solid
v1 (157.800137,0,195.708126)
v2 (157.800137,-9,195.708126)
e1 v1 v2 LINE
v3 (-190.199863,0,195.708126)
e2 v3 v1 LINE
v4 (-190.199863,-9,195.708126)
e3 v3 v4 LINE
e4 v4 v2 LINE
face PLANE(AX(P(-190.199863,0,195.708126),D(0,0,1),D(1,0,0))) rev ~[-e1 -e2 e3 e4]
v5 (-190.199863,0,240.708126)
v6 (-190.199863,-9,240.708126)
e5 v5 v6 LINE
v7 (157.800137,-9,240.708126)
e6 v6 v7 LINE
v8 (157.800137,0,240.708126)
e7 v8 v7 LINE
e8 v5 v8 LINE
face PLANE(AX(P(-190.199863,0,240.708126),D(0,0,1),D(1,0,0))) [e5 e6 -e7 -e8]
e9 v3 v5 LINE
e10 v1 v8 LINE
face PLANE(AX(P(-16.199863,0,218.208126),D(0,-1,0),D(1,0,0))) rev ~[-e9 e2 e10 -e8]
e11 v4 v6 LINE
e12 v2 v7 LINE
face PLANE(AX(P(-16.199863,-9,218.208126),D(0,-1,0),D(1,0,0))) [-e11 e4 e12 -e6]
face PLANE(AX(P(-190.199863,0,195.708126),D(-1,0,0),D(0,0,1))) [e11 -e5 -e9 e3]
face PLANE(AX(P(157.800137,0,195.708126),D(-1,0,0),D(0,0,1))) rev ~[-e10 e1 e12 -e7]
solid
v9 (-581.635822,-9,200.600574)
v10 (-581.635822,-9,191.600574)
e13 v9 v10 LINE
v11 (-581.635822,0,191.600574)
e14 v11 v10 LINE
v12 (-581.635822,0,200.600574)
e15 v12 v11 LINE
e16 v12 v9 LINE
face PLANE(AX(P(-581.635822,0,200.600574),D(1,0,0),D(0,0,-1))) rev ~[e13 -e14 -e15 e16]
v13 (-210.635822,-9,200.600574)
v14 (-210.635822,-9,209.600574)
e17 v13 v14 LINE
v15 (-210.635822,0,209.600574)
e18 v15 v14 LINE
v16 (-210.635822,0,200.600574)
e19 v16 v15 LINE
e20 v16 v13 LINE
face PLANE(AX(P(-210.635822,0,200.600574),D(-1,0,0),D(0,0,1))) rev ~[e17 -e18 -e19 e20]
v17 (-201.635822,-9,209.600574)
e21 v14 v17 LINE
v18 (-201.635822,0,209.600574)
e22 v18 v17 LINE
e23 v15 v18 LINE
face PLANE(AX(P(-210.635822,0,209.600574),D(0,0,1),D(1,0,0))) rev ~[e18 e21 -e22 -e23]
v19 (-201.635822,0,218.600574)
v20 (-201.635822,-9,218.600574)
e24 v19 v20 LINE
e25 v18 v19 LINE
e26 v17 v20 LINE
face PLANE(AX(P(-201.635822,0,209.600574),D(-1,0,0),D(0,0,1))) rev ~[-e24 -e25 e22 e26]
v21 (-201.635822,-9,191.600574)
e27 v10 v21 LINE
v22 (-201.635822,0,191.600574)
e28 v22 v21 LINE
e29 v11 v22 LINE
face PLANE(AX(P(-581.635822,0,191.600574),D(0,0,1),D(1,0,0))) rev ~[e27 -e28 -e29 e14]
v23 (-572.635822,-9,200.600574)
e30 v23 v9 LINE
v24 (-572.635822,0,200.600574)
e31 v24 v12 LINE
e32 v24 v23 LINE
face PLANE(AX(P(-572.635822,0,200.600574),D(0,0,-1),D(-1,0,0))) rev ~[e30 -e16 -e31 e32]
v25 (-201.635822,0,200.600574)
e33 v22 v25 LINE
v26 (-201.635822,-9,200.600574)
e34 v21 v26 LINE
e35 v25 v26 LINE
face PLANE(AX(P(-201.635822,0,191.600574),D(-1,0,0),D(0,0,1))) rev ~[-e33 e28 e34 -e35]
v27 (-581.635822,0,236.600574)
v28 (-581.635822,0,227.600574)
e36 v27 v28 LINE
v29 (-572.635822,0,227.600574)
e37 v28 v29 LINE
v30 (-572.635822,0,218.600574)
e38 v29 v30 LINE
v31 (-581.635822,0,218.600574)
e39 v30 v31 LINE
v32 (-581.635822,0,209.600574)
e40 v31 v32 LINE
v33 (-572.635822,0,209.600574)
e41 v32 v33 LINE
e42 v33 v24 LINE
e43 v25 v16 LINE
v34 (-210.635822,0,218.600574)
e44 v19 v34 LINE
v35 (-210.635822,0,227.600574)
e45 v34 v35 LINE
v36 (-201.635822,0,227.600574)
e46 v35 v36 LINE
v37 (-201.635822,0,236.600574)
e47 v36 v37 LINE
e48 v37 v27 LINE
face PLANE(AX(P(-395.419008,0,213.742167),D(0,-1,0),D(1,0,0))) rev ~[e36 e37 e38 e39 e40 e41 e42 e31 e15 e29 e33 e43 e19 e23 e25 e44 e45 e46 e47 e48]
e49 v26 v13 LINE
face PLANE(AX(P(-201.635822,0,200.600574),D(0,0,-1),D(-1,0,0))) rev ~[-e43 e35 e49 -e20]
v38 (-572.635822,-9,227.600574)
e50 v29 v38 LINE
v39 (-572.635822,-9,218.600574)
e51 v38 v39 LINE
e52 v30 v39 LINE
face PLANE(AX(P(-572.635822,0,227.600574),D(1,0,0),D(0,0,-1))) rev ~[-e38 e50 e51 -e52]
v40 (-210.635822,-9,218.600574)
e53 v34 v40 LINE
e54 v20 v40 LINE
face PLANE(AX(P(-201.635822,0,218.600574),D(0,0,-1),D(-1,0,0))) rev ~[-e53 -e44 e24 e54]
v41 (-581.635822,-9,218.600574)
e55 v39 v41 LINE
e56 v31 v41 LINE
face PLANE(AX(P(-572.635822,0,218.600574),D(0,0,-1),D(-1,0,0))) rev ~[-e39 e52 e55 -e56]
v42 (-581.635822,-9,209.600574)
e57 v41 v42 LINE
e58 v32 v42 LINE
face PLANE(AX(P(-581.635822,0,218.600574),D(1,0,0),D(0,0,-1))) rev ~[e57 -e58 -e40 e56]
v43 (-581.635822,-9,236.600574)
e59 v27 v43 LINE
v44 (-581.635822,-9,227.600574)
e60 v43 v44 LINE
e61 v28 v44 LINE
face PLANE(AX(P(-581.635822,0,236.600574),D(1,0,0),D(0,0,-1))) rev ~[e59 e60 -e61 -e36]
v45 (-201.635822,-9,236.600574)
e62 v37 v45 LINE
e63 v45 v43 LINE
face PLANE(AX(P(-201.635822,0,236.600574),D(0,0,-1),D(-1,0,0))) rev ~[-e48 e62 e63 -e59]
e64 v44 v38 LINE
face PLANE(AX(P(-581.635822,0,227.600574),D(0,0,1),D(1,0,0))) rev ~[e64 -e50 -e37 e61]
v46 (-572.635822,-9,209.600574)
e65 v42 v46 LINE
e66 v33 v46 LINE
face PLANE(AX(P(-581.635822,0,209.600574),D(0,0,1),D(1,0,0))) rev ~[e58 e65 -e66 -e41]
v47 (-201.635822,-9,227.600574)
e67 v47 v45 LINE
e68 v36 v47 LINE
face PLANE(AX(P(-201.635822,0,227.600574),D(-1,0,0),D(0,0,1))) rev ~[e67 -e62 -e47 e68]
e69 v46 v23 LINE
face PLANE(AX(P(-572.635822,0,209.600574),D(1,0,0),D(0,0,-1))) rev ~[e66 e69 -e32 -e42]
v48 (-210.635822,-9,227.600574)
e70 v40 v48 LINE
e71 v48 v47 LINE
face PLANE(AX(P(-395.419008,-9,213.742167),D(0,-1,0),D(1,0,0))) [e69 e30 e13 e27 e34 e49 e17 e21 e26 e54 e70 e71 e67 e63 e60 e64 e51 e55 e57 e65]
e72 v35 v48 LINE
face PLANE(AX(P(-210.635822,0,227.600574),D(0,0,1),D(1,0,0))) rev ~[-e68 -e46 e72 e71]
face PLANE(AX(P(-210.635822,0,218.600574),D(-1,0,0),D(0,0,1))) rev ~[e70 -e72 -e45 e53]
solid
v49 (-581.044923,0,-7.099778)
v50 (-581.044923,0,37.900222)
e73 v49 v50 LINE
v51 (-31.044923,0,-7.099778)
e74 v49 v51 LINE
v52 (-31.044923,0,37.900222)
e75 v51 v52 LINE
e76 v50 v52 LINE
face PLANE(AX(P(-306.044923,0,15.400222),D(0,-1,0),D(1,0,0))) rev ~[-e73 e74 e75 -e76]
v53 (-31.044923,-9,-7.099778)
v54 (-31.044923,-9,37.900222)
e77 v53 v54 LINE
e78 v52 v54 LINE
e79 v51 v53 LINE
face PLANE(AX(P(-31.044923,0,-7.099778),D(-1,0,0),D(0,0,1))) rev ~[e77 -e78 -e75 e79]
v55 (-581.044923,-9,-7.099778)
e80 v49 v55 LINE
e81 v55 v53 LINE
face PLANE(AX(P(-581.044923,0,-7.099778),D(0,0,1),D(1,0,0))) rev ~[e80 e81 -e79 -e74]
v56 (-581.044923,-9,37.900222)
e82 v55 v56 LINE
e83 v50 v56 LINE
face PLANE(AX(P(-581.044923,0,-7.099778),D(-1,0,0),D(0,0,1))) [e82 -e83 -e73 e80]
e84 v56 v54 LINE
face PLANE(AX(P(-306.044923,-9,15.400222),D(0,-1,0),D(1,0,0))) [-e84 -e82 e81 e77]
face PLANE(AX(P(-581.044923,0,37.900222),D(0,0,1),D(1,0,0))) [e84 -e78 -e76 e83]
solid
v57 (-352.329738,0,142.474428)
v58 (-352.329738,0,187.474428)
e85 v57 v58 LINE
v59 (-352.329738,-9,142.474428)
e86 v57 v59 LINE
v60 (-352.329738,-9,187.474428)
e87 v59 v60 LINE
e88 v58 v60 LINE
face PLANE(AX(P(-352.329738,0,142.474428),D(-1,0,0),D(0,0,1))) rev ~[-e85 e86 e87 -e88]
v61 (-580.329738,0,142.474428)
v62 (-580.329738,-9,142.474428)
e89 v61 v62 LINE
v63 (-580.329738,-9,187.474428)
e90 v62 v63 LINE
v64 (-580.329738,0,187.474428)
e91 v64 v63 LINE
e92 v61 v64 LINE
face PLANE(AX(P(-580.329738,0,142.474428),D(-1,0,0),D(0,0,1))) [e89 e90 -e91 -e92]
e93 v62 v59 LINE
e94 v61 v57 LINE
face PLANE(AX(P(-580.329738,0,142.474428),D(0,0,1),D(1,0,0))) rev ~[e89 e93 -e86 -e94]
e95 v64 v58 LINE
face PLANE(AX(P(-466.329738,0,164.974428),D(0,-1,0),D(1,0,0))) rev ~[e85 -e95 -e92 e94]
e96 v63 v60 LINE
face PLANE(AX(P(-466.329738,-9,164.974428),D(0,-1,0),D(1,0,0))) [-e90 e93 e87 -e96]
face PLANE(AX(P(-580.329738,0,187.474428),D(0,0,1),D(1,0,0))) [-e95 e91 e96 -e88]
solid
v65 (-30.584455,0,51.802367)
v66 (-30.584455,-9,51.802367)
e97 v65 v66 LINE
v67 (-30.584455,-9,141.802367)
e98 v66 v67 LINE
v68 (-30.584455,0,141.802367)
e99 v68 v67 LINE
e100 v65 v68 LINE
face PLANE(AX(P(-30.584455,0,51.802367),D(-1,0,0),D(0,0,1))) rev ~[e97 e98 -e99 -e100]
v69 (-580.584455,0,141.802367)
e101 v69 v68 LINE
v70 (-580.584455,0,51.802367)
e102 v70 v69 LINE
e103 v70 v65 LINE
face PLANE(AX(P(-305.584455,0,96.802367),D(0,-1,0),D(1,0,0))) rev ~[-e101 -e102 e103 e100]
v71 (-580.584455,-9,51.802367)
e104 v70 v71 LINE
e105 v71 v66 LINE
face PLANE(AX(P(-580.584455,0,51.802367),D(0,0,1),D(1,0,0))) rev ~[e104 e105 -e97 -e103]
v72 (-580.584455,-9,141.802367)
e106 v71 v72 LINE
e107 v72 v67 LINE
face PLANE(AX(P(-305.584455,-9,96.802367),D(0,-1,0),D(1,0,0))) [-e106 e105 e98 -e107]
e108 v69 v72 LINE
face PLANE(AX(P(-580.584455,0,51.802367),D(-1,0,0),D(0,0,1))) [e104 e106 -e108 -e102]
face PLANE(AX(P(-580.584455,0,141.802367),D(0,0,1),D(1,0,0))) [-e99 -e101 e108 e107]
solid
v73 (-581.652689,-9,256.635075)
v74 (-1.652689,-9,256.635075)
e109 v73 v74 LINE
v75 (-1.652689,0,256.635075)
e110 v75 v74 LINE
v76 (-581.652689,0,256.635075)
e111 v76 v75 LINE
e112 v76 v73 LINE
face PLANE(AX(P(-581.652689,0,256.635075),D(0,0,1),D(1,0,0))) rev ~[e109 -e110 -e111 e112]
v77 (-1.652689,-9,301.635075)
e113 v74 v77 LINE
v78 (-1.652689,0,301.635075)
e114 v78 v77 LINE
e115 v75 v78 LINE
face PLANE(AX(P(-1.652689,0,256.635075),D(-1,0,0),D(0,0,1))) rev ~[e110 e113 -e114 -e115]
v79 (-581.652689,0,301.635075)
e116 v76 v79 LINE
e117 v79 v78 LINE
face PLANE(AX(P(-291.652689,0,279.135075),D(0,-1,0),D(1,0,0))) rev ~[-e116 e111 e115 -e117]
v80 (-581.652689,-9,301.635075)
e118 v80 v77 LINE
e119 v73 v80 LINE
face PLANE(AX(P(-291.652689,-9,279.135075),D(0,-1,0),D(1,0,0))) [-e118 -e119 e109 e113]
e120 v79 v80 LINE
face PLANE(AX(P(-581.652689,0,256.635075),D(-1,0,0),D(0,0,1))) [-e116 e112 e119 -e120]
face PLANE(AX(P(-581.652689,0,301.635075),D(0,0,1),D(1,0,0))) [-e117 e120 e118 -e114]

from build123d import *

# Parameters (mm, degrees)
F0_W      = 580
F0_H      = 45
F1_DEPTH  = 9
F2_W      = 9
F2_H      = 9
F3_DEPTH  = 9
F4_W      = 348
F4_H      = 45
F5_DEPTH  = 9
F6_W      = 228
F6_H      = 45
F7_DEPTH  = 9
F8_W      = 550
F8_H      = 90
F9_DEPTH  = 9
F10_W     = 550
F10_H     = 45
F11_DEPTH = 9


with BuildPart() as f1:
    # F0 (on Front) → F1 (new body)
    with BuildSketch(Plane.XZ):
        with Locations((-291.652689, 279.135075)):
            Rectangle(F0_W, F0_H)
    extrude(amount=F1_DEPTH)


with BuildPart() as f3:
    # F2 (on Front) → F3 (new body)
    with BuildSketch(Plane.XZ):
        Polygon((-572.635822, 236.600574), (-581.635822, 236.600574), (-581.635822, 227.600574), (-572.635822, 227.600574), (-572.635822, 218.600574), (-581.635822, 218.600574), (-581.635822, 209.600574), (-572.635822, 209.600574), (-572.635822, 200.600574), (-581.635822, 200.600574), (-581.635822, 191.600574), (-572.635822, 191.600574), (-210.635822, 191.600574), (-201.635822, 191.600574), (-201.635822, 196.600574), (-201.635822, 200.600574), (-210.635822, 200.600574), (-210.635822, 209.600574), (-201.635822, 209.600574), (-201.635822, 218.600574), (-210.635822, 218.600574), (-210.635822, 227.600574), (-210.635822, 236.600574), align=None)
        with Locations((-206.135822, 232.100574)):
            Rectangle(F2_W, F2_H)
    extrude(amount=F3_DEPTH)


with BuildPart() as f5:
    # F4 (on Front) → F5 (new body)
    with BuildSketch(Plane.XZ):
        with Locations((-16.199863, 218.208126)):
            Rectangle(F4_W, F4_H)
    extrude(amount=F5_DEPTH)


with BuildPart() as f7:
    # F6 (on Front) → F7 (new body)
    with BuildSketch(Plane.XZ):
        with Locations((-466.329738, 164.974428)):
            Rectangle(F6_W, F6_H)
    extrude(amount=F7_DEPTH)


with BuildPart() as f9:
    # F8 (on Front) → F9 (new body)
    with BuildSketch(Plane.XZ):
        with Locations((-305.584455, 96.802367)):
            Rectangle(F8_W, F8_H)
    extrude(amount=F9_DEPTH)


with BuildPart() as f11:
    # F10 (on Front) → F11 (new body)
    with BuildSketch(Plane.XZ):
        with Locations((-306.044923, 15.400222)):
            Rectangle(F10_W, F10_H)
    extrude(amount=F11_DEPTH)


solid = Compound([f1.part, f3.part, f5.part, f7.part, f9.part, f11.part])
